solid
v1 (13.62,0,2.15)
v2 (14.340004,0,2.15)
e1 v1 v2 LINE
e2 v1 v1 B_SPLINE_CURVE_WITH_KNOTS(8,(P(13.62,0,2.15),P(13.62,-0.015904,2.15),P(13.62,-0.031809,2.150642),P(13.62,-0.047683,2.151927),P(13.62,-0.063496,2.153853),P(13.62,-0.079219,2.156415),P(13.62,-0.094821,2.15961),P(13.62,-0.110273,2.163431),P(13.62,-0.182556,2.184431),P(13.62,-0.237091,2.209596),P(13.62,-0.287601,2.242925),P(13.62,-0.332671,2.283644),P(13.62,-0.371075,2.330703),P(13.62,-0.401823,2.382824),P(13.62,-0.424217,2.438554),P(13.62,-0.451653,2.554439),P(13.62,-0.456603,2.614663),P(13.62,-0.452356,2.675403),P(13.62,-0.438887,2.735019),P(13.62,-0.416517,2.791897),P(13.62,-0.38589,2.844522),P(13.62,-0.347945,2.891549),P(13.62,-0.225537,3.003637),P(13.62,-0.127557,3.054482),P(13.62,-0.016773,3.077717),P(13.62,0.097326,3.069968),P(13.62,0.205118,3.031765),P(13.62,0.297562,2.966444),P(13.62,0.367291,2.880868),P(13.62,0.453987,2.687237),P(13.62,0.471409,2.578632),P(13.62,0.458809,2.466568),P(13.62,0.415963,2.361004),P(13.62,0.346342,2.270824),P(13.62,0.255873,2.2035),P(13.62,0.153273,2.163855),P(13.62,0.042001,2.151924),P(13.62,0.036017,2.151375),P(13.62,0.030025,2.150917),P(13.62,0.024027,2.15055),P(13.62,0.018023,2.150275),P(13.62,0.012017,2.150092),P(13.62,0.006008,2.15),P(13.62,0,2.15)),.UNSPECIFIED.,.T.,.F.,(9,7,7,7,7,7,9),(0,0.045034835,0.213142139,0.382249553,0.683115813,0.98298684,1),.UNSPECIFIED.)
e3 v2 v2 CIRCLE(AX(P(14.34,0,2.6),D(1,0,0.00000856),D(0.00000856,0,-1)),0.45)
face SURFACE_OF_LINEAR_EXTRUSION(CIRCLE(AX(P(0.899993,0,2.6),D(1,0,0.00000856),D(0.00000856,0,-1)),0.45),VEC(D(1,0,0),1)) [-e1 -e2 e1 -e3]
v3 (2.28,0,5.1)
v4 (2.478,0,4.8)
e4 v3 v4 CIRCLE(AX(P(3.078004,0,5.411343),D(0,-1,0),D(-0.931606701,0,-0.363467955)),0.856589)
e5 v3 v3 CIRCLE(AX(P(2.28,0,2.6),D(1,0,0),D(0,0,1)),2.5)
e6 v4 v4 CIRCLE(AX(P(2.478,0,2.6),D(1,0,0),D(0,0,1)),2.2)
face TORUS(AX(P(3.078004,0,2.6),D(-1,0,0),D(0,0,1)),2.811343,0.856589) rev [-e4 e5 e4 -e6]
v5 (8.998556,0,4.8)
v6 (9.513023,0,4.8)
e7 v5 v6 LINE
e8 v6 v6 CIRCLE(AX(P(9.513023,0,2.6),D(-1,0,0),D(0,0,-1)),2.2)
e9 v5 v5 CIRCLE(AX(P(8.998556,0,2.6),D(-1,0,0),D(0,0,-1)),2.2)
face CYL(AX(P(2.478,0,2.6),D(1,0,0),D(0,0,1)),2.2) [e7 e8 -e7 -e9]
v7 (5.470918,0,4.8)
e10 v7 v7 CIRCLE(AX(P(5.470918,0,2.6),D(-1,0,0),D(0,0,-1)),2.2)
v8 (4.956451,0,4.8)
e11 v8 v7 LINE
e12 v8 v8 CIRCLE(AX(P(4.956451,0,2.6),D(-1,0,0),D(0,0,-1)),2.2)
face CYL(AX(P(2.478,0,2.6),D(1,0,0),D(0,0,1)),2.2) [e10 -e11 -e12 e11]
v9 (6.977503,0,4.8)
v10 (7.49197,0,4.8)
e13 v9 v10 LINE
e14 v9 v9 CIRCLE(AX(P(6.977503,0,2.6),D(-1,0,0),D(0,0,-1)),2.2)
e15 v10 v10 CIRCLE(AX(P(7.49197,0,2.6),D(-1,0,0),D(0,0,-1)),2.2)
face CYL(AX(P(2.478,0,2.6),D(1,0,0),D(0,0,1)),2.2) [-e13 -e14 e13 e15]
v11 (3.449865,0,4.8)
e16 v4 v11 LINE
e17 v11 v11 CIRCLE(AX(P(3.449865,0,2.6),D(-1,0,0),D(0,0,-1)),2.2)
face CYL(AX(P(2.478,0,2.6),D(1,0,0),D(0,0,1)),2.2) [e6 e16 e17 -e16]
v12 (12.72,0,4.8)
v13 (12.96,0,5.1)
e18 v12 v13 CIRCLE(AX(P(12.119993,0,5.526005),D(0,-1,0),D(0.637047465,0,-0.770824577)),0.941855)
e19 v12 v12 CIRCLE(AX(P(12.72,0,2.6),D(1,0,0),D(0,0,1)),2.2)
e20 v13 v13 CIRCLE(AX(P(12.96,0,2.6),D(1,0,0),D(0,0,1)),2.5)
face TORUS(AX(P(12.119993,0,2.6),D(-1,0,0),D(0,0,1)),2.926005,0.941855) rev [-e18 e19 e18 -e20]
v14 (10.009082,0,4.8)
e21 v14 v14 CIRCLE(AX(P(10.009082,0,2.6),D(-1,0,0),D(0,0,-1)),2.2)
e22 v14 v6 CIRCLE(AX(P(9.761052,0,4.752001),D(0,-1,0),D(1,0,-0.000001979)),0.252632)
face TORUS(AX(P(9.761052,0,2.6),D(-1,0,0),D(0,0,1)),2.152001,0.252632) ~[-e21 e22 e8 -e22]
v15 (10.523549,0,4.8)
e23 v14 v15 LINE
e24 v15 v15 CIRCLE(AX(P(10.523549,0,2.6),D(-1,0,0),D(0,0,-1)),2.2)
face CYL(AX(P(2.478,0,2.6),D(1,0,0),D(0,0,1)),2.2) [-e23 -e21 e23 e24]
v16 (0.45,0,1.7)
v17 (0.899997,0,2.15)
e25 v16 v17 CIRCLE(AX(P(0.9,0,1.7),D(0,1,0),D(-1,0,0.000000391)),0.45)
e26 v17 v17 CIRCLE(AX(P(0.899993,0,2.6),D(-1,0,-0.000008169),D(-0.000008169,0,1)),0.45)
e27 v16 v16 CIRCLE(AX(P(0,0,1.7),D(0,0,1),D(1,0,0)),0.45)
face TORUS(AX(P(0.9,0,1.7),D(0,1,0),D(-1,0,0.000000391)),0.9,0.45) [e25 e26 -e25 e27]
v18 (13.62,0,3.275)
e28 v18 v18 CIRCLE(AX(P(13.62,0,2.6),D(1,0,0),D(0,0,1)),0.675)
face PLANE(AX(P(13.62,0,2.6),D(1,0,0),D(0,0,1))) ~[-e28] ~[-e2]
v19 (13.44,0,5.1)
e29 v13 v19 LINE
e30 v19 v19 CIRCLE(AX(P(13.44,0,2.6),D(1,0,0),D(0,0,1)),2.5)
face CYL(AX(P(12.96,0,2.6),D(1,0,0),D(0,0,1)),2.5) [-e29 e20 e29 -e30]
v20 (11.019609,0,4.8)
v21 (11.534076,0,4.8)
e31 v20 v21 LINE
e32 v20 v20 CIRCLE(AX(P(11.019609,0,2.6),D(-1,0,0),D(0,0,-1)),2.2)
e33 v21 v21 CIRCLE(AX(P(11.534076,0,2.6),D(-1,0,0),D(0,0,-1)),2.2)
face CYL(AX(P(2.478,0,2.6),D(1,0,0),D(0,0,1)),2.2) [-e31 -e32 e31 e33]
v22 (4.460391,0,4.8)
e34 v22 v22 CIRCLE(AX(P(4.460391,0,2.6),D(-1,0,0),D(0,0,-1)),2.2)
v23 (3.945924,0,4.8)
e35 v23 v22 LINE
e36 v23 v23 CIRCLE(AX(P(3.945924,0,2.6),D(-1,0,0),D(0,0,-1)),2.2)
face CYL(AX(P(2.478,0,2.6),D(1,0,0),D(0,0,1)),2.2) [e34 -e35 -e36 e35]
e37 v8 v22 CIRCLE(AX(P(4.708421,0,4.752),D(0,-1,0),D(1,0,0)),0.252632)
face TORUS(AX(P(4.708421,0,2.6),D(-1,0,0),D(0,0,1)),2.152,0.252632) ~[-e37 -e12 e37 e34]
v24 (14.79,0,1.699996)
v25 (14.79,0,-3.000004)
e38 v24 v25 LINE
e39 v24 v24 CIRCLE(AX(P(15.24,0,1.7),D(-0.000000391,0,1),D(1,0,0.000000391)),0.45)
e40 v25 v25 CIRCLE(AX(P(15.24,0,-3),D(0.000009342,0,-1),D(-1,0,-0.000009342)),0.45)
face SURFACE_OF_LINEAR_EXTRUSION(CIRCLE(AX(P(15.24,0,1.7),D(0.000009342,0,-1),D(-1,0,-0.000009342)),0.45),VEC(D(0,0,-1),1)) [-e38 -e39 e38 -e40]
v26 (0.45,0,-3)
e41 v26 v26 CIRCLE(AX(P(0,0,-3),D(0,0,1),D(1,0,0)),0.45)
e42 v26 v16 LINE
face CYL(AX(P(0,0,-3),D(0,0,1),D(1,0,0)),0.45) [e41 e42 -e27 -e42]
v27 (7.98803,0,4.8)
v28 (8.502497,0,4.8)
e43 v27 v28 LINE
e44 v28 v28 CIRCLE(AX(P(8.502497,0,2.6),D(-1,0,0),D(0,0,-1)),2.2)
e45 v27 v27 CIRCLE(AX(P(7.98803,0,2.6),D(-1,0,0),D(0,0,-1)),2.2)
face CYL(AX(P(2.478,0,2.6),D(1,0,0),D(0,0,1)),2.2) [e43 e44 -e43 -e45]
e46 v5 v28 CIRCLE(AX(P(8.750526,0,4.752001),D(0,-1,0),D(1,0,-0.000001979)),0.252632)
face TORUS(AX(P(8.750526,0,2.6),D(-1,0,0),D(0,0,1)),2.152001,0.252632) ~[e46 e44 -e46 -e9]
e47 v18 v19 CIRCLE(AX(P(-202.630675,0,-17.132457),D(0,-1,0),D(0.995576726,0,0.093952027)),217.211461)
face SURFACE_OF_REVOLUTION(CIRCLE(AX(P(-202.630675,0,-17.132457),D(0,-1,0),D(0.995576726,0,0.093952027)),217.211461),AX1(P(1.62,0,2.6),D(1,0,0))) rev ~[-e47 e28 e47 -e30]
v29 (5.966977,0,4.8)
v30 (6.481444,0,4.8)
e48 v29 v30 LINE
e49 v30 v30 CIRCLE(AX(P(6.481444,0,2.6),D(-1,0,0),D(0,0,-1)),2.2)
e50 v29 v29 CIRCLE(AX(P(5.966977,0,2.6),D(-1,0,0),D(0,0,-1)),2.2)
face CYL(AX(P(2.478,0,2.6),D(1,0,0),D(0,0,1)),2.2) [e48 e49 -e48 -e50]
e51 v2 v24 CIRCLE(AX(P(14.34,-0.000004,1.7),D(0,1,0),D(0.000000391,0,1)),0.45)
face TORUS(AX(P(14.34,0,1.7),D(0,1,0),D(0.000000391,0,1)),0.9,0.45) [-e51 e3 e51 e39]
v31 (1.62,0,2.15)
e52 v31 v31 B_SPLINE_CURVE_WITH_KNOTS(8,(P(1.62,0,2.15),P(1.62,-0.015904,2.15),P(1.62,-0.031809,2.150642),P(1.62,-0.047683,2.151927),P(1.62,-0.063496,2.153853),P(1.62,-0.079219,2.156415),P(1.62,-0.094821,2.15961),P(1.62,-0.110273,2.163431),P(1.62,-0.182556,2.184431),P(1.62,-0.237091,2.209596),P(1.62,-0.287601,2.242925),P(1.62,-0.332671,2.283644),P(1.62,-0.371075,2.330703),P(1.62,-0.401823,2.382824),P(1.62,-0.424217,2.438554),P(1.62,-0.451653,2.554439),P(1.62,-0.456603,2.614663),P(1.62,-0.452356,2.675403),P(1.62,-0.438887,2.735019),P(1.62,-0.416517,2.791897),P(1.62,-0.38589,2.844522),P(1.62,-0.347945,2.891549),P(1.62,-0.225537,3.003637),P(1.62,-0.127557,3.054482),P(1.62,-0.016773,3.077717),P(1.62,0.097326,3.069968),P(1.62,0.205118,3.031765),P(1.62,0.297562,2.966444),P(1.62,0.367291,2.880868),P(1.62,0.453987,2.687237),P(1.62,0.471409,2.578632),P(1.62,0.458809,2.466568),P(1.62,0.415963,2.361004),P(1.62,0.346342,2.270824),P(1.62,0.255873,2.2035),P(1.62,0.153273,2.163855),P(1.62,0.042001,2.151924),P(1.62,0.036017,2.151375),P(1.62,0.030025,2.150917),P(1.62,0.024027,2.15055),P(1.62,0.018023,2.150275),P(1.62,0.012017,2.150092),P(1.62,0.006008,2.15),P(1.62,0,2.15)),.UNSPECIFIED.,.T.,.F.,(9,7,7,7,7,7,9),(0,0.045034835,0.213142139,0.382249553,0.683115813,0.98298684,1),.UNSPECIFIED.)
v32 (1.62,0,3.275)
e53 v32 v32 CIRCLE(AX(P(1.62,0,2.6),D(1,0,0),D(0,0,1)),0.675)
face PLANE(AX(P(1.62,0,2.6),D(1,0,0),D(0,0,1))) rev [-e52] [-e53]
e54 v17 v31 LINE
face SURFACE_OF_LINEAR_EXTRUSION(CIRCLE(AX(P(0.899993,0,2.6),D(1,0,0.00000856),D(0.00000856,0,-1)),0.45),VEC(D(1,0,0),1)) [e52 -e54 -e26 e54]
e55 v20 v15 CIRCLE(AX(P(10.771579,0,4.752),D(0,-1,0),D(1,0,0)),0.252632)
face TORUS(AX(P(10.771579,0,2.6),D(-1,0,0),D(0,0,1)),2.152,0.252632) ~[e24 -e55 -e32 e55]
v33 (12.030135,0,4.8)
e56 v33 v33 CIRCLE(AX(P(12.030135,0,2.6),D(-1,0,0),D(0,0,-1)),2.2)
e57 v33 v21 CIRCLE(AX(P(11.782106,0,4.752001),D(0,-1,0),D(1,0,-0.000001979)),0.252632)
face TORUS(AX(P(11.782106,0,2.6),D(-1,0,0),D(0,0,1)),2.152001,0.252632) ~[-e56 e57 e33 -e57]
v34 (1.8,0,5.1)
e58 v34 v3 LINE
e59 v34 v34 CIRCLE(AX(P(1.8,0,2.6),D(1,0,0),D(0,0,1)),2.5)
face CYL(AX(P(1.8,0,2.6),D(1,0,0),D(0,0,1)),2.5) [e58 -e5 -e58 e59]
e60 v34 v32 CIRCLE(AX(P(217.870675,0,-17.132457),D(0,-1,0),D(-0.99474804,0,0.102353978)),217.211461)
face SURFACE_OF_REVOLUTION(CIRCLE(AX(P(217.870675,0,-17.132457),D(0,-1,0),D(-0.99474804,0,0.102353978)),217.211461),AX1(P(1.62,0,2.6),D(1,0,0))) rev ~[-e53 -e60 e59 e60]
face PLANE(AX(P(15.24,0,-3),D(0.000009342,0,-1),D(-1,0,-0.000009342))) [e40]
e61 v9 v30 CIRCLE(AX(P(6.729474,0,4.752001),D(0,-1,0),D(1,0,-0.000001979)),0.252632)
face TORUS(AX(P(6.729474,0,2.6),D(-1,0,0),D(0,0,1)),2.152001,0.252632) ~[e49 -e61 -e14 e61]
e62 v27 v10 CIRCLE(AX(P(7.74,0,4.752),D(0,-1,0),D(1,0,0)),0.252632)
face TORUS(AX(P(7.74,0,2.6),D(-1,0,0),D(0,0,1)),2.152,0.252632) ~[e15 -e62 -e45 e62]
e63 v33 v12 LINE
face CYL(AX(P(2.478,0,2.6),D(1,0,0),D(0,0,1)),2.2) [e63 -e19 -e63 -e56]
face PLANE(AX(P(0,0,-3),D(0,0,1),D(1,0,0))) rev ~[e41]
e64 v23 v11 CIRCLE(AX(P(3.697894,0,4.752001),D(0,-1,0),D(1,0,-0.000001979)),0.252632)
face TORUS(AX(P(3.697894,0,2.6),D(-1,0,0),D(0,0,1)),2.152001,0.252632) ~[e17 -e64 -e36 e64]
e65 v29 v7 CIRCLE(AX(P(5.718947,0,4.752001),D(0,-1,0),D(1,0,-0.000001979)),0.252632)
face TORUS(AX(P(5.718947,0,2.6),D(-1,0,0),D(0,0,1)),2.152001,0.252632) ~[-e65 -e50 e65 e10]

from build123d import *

# Parameters (mm, degrees)
SKETCH_R = 0.45


with BuildPart() as sweep_body:
    # Sweep: sweep along a path in Sketch001
    with BuildLine(Plane.XZ) as sweep_path:
        Line((0, -3), (0, 1.7))
        ThreePointArc((0, 1.7), (0.263601, 2.336393), (0.899993, 2.6))
        Line((0.899993, 2.6), (14.34, 2.6))
        ThreePointArc((14.34, 2.6), (14.976396, 2.336396), (15.24, 1.7))
        Line((15.24, 1.7), (15.24, -3))
    # Sketch → Sweep (sweep)
    with BuildSketch(Plane.XY.offset(-2)):
        Circle(SKETCH_R)
    sweep(path=sweep_path.line)


with BuildPart() as revolution:
    # Sketch002 → Revolution (revolve)
    with BuildSketch(Plane.XZ):
        with BuildLine():
            Line((1.8, 5.1), (2.28, 5.1))
            ThreePointArc((2.28, 5.1), (2.363087, 4.939497), (2.478, 4.8))
            Line((2.478, 4.8), (12.72, 4.8))
            ThreePointArc((12.72, 4.8), (12.855459, 4.937633), (12.96, 5.1))
            Line((12.96, 5.1), (13.44, 5.1))
            ThreePointArc((13.62, 3.275), (13.531926, 4.18769), (13.44, 5.1))
            Line((13.62, 2.6), (13.62, 3.275))
            Line((1.62, 2.6), (13.62, 2.6))
            Line((1.62, 2.6), (1.62, 3.275))
            ThreePointArc((1.8, 5.1), (1.708074, 4.18769), (1.62, 3.275))
        make_face()
    revolve(axis=Axis((1.62, 0, 2.6), (1, 0, 0)))


with BuildPart() as revolution001_mp_cp:
    # Sketch003 → Revolution001 (revolve)
    with BuildSketch(Plane.XZ):
        with BuildLine():
            ThreePointArc((3.950526, 4.752), (3.697895, 5.004632), (3.445263, 4.752))
            Line((2.94, 4.752), (3.445263, 4.752))
            Line((2.94, 4.752), (2.94, 4.252))
            Line((2.94, 4.252), (12.54, 4.252))
            Line((12.54, 4.252), (12.54, 4.752))
            Line((12.034737, 4.752), (12.54, 4.752))
            ThreePointArc((12.034737, 4.752), (11.782105, 5.004632), (11.529474, 4.752))
            Line((11.024211, 4.752), (11.529474, 4.752))
            ThreePointArc((11.024211, 4.752), (10.771579, 5.004632), (10.518947, 4.752))
            Line((10.013684, 4.752), (10.518947, 4.752))
            ThreePointArc((10.013684, 4.752), (9.761053, 5.004632), (9.508421, 4.752))
            Line((9.003158, 4.752), (9.508421, 4.752))
            ThreePointArc((9.003158, 4.752), (8.750526, 5.004632), (8.497895, 4.752))
            Line((7.992632, 4.752), (8.497895, 4.752))
            ThreePointArc((7.992632, 4.752), (7.74, 5.004632), (7.487368, 4.752))
            Line((6.982105, 4.752), (7.487368, 4.752))
            ThreePointArc((6.982105, 4.752), (6.729474, 5.004632), (6.476842, 4.752))
            Line((5.971579, 4.752), (6.476842, 4.752))
            ThreePointArc((5.971579, 4.752), (5.718947, 5.004632), (5.466316, 4.752))
            Line((4.961053, 4.752), (5.466316, 4.752))
            ThreePointArc((4.961053, 4.752), (4.708421, 5.004632), (4.455789, 4.752))
            Line((3.950526, 4.752), (4.455789, 4.752))
        make_face()
    revolve(axis=Axis((1.92, 0, 2.6), (1, 0, 0)))

    # Revolution001_mp_cp: union Sweep body, Revolution
    add(sweep_body.part)
    add(revolution.part)


solid = revolution001_mp_cp.part
